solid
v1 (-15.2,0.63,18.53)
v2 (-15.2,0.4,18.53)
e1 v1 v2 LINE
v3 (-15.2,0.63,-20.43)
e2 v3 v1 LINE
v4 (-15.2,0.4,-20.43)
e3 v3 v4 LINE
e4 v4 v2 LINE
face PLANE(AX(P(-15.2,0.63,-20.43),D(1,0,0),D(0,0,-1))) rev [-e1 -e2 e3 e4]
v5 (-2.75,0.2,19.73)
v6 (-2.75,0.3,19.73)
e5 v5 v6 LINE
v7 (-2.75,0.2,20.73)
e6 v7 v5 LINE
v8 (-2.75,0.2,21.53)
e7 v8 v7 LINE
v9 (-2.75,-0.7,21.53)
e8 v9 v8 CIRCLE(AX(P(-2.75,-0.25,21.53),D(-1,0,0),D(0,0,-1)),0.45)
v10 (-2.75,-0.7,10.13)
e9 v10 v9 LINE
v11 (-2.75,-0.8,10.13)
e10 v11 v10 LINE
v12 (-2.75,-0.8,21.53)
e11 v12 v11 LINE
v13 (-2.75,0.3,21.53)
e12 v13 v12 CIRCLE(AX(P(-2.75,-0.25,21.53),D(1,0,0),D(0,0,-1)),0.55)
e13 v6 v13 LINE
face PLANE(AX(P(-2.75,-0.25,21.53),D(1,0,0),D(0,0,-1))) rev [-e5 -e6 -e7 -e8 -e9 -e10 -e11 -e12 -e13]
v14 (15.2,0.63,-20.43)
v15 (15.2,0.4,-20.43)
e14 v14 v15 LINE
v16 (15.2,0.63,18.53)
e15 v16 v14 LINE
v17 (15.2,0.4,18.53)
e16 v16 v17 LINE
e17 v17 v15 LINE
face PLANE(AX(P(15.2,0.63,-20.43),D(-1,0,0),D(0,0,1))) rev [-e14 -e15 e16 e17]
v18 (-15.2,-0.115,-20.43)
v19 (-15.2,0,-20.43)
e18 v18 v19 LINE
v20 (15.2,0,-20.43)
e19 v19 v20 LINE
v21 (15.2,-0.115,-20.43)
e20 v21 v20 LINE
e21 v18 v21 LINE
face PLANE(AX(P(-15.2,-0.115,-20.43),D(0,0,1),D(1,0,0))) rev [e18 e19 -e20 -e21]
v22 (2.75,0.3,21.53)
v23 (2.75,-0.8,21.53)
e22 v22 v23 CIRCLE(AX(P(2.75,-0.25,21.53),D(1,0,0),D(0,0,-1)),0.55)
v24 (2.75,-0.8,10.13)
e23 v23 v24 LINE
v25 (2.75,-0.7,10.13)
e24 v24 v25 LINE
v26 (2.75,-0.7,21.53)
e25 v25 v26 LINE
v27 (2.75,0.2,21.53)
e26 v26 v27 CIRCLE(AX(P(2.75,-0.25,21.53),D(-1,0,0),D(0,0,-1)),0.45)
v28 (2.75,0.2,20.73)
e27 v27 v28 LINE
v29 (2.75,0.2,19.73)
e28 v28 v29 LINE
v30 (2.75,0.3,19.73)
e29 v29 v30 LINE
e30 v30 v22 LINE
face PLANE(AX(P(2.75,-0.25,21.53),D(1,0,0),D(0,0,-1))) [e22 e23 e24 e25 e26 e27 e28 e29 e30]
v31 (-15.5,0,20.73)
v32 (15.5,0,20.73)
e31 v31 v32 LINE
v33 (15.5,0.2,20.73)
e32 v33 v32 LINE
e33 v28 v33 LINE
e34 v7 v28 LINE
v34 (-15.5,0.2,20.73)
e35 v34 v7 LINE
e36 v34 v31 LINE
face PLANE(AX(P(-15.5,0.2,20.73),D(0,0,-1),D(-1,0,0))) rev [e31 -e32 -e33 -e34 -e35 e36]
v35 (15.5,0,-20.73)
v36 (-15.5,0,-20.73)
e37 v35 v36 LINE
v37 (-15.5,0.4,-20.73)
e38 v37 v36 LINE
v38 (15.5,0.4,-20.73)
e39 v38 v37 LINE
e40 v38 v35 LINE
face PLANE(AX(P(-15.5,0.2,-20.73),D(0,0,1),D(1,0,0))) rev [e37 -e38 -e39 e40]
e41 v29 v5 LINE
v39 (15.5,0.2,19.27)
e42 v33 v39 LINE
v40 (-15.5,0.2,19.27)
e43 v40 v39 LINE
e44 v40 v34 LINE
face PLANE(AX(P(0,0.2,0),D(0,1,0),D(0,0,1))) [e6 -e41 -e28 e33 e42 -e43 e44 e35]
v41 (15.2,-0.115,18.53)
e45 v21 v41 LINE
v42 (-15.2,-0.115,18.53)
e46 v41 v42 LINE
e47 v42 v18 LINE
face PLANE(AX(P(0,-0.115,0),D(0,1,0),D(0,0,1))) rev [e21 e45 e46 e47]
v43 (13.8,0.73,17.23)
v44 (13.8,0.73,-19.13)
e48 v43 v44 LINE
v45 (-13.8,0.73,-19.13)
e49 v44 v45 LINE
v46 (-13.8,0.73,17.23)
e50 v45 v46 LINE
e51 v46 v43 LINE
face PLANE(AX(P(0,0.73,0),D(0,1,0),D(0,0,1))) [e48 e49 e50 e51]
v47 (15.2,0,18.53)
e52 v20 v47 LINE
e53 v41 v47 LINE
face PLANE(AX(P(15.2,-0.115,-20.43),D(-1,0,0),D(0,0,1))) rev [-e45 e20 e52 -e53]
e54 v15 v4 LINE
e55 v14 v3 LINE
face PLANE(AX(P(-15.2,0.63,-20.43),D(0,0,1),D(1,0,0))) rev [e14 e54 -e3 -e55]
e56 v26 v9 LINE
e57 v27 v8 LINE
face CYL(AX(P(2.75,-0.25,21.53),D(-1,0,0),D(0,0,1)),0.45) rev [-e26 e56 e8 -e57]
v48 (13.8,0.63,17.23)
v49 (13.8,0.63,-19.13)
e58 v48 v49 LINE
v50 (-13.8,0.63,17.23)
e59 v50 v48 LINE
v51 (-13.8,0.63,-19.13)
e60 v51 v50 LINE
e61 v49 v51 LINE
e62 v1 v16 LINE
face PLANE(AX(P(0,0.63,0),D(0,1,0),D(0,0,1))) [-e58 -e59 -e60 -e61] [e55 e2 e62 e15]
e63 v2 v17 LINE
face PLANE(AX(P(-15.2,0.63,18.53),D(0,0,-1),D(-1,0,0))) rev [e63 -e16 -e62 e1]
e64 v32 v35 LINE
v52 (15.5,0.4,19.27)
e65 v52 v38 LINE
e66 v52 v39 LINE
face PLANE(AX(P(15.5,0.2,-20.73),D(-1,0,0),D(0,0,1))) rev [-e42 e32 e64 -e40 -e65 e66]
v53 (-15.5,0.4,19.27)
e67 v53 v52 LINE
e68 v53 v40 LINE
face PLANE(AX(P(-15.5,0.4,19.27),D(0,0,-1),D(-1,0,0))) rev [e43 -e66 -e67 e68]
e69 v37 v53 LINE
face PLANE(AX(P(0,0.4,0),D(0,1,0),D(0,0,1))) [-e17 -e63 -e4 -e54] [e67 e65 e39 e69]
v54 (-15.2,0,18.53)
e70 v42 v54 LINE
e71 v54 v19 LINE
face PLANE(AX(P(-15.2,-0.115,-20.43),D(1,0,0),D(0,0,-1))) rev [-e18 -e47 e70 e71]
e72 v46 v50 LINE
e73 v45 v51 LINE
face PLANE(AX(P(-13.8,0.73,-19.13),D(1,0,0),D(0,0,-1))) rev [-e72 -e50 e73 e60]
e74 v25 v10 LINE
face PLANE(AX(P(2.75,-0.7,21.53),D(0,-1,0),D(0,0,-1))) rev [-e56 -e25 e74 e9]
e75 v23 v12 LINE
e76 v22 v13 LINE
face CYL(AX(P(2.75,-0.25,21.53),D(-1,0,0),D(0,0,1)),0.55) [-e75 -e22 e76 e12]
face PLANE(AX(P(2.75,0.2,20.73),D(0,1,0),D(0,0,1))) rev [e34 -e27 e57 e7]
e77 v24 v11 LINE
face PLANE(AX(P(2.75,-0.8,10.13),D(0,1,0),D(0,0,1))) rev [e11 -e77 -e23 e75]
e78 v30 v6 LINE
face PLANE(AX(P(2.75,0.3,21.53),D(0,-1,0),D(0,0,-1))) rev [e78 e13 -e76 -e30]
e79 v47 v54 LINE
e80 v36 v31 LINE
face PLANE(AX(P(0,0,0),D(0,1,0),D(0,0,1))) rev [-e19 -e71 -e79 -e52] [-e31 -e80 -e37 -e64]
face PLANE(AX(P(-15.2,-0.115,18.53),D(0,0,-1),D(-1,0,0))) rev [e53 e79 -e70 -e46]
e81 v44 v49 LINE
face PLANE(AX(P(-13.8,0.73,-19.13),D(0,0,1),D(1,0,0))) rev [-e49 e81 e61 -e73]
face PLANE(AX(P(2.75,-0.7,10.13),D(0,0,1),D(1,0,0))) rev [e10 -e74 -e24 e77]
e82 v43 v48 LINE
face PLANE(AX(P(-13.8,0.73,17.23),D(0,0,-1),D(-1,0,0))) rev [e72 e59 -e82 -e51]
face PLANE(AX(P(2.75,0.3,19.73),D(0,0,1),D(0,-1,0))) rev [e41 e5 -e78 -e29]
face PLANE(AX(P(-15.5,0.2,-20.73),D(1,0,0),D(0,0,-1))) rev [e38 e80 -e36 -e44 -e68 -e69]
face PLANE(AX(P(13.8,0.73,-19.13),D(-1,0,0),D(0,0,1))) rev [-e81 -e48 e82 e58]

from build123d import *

# Parameters (mm, degrees)
SKETCH1_W           = 31
SKETCH1_H           = 41.46
BOSS_EXTRUDE1_DEPTH = 0.2
SKETCH2_W           = 31
SKETCH2_H           = 40
BOSS_EXTRUDE2_DEPTH = 0.2
SKETCH3_W           = 30.4
SKETCH3_H           = 38.96
BOSS_EXTRUDE3_DEPTH = 0.23
SKETCH4_W           = 30.4
SKETCH4_H           = 38.96
BOSS_EXTRUDE4_DEPTH = 0.115
BOSS_EXTRUDE5_DEPTH = 2.75
SKETCH7_W           = 27.6
SKETCH7_H           = 36.36
BOSS_EXTRUDE6_DEPTH = 0.1


with BuildPart() as part:
    # Sketch1 → Boss-Extrude1 (new body)
    with BuildSketch(Plane(origin=(0, 0, 0), x_dir=(1, 0, 0), z_dir=(0, 1, 0))):
        Rectangle(SKETCH1_W, SKETCH1_H)
    extrude(amount=BOSS_EXTRUDE1_DEPTH)

    # Sketch2 → Boss-Extrude2 (add)
    with BuildSketch(Plane(origin=(0, 0.2, 0), x_dir=(1, 0, 0), z_dir=(0, 1, 0))):
        with Locations((0, 0.73)):
            Rectangle(SKETCH2_W, SKETCH2_H)
    extrude(amount=BOSS_EXTRUDE2_DEPTH)

    # Sketch3 → Boss-Extrude3 (add)
    with BuildSketch(Plane(origin=(0, 0.4, 0), x_dir=(1, 0, 0), z_dir=(0, 1, 0))):
        with Locations((0, 0.95)):
            Rectangle(SKETCH3_W, SKETCH3_H)
    extrude(amount=BOSS_EXTRUDE3_DEPTH)

    # Sketch4 → Boss-Extrude4 (add)
    with BuildSketch(Plane.XZ):
        with Locations((0, -0.95)):
            Rectangle(SKETCH4_W, SKETCH4_H)
    extrude(amount=BOSS_EXTRUDE4_DEPTH)

    # Sketch5 → Boss-Extrude5 (add, symmetric)
    with BuildSketch(Plane(origin=(0, 0, 0), x_dir=(0, 0, -1), z_dir=(1, 0, 0))):
        with BuildLine():
            Line((-20.73, 0.2), (-21.53, 0.2))
            ThreePointArc((-21.53, 0.2), (-21.98, -0.25), (-21.53, -0.7))
            Line((-21.53, -0.7), (-10.13, -0.7))
            Line((-10.13, -0.7), (-10.13, -0.8))
            Line((-10.13, -0.8), (-21.53, -0.8))
            ThreePointArc((-21.53, -0.8), (-22.08, -0.25), (-21.53, 0.3))
            Line((-21.53, 0.3), (-19.73, 0.3))
            Line((-19.73, 0.3), (-19.73, 0.2))
            Line((-19.73, 0.2), (-20.73, 0.2))
        make_face()
    extrude(amount=BOSS_EXTRUDE5_DEPTH, both=True)

    # Sketch7 → Boss-Extrude6 (add)
    with BuildSketch(Plane(origin=(0, 0.63, 0), x_dir=(1, 0, 0), z_dir=(0, 1, 0))):
        with Locations((0, 0.95)):
            Rectangle(SKETCH7_W, SKETCH7_H)
    extrude(amount=BOSS_EXTRUDE6_DEPTH)


solid = part.part
